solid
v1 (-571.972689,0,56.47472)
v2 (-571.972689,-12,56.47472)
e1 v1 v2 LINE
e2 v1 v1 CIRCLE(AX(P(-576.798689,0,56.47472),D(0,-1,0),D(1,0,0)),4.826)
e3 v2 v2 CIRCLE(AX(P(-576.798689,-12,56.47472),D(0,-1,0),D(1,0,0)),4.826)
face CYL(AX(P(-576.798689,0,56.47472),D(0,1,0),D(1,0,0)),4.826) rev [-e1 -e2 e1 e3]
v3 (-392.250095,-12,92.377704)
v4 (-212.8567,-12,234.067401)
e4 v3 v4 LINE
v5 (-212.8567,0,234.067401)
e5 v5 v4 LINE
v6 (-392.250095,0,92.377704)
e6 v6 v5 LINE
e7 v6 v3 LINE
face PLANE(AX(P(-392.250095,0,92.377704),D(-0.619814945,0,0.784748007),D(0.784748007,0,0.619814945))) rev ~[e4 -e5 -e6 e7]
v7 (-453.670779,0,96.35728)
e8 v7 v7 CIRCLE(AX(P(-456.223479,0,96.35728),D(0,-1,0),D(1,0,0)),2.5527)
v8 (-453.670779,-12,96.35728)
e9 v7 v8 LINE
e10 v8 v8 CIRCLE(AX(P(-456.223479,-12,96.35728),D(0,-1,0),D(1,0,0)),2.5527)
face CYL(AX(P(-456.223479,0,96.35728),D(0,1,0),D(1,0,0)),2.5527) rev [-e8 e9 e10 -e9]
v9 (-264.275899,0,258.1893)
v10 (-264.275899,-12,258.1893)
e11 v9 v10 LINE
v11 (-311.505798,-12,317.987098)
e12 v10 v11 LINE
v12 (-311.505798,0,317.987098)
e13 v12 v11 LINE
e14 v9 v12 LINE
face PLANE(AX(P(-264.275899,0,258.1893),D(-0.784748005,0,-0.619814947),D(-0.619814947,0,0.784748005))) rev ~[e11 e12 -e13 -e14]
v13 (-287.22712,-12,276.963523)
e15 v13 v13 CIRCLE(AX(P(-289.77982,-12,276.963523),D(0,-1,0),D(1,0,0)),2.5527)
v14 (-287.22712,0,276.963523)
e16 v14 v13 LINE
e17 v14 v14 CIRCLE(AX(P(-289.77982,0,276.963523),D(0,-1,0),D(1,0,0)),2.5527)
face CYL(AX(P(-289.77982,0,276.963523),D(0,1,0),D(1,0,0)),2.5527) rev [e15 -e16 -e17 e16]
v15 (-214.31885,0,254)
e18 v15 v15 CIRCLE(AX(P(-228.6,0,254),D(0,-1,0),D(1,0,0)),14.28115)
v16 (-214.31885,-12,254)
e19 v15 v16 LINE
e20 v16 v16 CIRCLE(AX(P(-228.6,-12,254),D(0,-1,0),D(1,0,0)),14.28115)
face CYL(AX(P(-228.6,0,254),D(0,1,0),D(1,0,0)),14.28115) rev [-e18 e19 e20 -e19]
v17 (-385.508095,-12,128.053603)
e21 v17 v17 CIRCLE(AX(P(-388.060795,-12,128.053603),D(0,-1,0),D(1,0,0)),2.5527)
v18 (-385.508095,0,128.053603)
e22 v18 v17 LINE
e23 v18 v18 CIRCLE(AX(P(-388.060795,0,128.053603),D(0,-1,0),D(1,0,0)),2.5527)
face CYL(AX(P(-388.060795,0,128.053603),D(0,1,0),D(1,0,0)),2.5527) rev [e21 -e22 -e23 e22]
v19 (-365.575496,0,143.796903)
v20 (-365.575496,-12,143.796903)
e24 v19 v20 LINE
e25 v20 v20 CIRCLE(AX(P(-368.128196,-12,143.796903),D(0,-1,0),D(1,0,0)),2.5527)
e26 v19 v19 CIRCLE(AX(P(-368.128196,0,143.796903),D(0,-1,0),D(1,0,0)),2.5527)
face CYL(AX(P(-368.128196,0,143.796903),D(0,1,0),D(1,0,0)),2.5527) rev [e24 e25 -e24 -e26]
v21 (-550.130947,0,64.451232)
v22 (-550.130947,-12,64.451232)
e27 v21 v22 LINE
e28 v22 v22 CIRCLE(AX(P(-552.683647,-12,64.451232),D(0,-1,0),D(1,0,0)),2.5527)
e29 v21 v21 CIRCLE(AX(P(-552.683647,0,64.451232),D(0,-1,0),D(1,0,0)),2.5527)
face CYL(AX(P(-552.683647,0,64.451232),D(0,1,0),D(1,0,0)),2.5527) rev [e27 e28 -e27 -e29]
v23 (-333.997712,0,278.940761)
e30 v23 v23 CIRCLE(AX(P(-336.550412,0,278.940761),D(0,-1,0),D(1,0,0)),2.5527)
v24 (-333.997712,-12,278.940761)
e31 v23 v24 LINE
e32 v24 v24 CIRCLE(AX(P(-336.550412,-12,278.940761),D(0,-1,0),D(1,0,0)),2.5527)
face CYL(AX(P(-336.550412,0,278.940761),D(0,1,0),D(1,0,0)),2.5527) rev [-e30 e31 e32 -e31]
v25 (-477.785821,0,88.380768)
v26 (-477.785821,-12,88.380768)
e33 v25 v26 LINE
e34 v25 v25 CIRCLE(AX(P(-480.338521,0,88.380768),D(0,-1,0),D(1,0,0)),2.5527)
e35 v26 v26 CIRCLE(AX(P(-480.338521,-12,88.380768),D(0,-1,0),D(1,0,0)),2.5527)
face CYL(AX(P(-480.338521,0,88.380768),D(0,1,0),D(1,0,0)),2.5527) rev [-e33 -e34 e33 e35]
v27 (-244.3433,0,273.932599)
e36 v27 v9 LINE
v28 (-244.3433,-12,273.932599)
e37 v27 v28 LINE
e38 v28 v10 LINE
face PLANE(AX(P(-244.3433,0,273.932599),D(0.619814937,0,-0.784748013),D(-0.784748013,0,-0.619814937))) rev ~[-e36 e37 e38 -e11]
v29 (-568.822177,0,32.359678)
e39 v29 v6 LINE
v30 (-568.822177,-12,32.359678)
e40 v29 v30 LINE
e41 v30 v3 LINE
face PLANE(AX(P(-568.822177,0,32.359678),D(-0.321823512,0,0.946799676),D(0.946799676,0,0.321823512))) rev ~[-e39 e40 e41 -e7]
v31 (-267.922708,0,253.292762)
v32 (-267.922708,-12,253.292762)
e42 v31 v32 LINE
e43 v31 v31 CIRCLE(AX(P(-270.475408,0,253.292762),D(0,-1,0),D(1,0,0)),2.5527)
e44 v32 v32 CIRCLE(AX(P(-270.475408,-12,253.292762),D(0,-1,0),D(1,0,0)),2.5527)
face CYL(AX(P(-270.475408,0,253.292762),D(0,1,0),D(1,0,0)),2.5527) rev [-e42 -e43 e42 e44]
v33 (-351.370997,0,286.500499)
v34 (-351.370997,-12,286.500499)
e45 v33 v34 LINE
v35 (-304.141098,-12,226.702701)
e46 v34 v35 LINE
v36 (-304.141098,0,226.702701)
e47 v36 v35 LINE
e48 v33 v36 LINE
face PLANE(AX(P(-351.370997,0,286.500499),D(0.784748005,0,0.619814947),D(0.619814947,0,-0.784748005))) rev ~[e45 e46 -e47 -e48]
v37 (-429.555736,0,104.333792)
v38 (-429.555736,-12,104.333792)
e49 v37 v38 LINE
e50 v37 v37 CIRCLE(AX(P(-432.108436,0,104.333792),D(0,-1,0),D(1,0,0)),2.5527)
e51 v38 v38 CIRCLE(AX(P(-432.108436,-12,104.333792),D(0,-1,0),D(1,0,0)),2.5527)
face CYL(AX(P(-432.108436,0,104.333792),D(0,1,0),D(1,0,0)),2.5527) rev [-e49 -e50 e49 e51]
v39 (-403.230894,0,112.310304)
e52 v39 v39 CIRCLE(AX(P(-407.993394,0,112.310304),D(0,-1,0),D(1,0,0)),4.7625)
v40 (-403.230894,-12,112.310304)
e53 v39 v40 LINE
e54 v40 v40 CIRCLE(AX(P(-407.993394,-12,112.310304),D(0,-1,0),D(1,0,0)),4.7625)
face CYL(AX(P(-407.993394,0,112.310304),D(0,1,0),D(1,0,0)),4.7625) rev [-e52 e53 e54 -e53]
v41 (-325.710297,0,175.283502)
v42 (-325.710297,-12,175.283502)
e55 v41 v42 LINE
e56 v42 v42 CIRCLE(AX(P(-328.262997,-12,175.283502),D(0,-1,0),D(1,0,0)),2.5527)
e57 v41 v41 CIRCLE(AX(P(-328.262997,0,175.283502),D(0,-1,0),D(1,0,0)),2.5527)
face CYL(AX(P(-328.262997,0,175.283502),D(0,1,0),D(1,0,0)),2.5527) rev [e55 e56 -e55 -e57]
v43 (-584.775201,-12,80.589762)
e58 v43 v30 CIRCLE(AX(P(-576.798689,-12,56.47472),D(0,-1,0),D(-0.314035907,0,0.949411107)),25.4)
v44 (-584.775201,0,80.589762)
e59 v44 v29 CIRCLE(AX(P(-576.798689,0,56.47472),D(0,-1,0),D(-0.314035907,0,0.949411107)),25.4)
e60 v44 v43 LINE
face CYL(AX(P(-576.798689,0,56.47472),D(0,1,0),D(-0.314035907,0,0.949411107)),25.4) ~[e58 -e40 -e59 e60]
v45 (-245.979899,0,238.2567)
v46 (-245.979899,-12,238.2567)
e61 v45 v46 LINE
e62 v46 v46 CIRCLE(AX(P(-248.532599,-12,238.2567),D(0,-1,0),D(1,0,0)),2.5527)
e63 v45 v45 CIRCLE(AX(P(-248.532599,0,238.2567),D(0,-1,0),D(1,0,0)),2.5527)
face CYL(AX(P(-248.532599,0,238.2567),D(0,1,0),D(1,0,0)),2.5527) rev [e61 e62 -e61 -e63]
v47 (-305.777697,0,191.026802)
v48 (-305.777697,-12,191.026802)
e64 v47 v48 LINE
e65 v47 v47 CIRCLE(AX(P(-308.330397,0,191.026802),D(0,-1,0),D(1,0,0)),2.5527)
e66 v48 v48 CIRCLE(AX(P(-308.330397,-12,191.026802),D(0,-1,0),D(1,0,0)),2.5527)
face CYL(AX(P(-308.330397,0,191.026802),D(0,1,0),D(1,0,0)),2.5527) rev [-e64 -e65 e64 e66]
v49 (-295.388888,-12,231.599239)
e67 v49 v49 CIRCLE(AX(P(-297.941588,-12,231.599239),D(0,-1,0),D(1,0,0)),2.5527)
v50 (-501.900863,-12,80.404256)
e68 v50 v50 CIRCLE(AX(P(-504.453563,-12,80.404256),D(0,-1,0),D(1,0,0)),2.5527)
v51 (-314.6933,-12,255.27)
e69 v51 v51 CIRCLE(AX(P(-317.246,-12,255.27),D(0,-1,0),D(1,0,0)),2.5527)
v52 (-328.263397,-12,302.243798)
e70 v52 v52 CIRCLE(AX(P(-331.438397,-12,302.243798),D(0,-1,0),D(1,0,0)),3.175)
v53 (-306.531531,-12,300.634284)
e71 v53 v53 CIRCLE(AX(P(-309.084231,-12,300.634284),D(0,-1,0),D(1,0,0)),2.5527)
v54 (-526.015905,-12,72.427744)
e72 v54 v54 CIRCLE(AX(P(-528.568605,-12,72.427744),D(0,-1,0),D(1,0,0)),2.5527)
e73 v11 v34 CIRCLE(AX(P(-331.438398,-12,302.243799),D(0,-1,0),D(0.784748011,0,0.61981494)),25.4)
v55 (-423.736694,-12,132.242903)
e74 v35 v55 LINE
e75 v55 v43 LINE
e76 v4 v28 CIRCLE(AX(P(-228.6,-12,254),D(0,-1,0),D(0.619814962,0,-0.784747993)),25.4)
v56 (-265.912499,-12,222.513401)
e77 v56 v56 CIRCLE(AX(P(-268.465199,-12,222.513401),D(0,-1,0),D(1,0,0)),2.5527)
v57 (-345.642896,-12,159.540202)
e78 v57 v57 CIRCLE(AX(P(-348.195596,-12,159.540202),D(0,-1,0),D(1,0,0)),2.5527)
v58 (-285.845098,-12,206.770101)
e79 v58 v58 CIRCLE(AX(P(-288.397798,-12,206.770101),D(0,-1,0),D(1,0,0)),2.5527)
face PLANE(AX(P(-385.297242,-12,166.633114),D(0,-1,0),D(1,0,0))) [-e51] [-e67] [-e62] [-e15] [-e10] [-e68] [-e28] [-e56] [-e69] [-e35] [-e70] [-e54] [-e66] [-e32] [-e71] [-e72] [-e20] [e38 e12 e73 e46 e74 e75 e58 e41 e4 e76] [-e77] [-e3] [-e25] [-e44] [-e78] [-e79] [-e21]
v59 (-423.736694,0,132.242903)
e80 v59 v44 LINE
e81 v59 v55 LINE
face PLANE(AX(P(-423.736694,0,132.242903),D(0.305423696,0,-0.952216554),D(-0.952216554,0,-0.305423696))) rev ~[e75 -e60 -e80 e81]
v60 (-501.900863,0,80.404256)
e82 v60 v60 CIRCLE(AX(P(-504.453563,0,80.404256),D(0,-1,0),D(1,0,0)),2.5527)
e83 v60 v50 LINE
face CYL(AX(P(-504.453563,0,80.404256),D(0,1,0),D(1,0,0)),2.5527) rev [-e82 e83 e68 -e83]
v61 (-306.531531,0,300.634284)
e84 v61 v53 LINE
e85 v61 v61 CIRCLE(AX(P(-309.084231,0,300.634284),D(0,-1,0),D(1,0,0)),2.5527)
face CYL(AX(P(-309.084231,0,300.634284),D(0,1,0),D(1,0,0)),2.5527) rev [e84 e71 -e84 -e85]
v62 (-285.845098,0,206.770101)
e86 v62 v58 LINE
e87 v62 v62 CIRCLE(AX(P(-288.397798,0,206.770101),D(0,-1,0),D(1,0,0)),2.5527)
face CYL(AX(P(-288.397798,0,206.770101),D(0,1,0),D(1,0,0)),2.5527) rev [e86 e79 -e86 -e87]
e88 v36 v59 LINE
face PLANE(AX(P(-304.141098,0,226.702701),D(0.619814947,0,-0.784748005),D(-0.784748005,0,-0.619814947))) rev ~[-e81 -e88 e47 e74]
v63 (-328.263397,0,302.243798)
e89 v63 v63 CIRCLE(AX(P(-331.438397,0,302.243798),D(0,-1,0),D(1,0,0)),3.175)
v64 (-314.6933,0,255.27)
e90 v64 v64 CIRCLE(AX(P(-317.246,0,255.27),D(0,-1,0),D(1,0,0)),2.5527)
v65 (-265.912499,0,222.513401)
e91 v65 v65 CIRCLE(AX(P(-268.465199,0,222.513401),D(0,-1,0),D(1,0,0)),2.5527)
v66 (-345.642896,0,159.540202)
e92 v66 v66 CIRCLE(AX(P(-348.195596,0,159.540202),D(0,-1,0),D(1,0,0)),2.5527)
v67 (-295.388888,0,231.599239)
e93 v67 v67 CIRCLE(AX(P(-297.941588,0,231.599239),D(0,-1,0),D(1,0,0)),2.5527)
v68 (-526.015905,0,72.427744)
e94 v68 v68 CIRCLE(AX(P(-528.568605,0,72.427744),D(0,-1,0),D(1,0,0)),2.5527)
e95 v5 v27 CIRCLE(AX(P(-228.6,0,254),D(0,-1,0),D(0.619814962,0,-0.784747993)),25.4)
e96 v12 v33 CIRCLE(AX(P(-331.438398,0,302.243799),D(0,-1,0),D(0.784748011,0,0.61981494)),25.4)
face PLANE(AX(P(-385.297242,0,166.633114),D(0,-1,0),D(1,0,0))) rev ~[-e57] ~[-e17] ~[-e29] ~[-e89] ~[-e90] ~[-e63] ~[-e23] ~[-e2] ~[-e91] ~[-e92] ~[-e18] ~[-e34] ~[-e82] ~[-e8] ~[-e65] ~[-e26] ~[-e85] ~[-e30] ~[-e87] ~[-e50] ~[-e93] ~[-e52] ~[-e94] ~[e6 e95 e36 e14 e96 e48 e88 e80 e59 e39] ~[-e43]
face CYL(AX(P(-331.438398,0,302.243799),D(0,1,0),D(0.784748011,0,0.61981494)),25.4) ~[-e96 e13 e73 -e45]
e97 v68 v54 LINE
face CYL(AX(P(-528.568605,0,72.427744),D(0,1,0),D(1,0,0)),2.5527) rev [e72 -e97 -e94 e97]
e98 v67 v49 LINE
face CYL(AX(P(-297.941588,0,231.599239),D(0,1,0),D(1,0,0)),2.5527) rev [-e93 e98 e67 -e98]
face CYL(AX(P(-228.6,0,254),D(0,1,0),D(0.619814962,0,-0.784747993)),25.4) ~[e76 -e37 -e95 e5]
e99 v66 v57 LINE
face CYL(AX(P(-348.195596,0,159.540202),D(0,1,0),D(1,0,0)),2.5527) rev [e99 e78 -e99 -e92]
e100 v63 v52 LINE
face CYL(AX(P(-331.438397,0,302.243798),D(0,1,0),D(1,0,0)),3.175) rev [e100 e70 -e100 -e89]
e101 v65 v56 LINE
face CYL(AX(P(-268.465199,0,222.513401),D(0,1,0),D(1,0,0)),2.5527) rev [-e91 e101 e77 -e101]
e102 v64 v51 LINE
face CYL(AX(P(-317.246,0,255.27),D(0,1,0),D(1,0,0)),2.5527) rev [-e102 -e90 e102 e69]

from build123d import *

# Parameters (mm, degrees)
F0_R     = 4.826
F0_R_2   = 2.5527
F0_R_3   = 4.7625
F0_R_4   = 3.175
F0_R_5   = 14.28115
F1_DEPTH = 12


with BuildPart() as f1:
    # F0 (on Front) → F1 (new body)
    with BuildSketch(Plane.XZ):
        with BuildLine():
            Line((-423.736694, 132.242903), (-584.775201, 80.589762))
            ThreePointArc((-584.775201, 80.589762), (-600.913731, 48.498208), (-568.822177, 32.359678))
            Line((-568.822177, 32.359678), (-392.250095, 92.377704))
            Line((-392.250095, 92.377704), (-212.8567, 234.067401))
            ThreePointArc((-212.8567, 234.067401), (-208.667401, 269.7433), (-244.3433, 273.932599))
            Line((-244.3433, 273.932599), (-264.275899, 258.1893))
            Line((-264.275899, 258.1893), (-311.505798, 317.987098))
            ThreePointArc((-311.505798, 317.987098), (-347.181697, 322.176398), (-351.370997, 286.500499))
            Line((-351.370997, 286.500499), (-304.141098, 226.702701))
            Line((-304.141098, 226.702701), (-423.736694, 132.242903))
        make_face()
        with Locations((-576.798689, 56.47472)):
            Circle(F0_R, mode=Mode.SUBTRACT)
        with Locations((-552.683647, 64.451232)):
            Circle(F0_R_2, mode=Mode.SUBTRACT)
        with Locations((-528.568605, 72.427744)):
            Circle(F0_R_2, mode=Mode.SUBTRACT)
        with Locations((-504.453563, 80.404256)):
            Circle(F0_R_2, mode=Mode.SUBTRACT)
        with Locations((-480.338521, 88.380768)):
            Circle(F0_R_2, mode=Mode.SUBTRACT)
        with Locations((-456.223479, 96.35728)):
            Circle(F0_R_2, mode=Mode.SUBTRACT)
        with Locations((-432.108436, 104.333792)):
            Circle(F0_R_2, mode=Mode.SUBTRACT)
        with Locations((-407.993394, 112.310304)):
            Circle(F0_R_3, mode=Mode.SUBTRACT)
        with Locations((-388.060795, 128.053603)):
            Circle(F0_R_2, mode=Mode.SUBTRACT)
        with Locations((-368.128196, 143.796903)):
            Circle(F0_R_2, mode=Mode.SUBTRACT)
        with Locations((-348.195596, 159.540202)):
            Circle(F0_R_2, mode=Mode.SUBTRACT)
        with Locations((-328.262997, 175.283502)):
            Circle(F0_R_2, mode=Mode.SUBTRACT)
        with Locations((-308.330397, 191.026802)):
            Circle(F0_R_2, mode=Mode.SUBTRACT)
        with Locations((-288.397798, 206.770101)):
            Circle(F0_R_2, mode=Mode.SUBTRACT)
        with Locations((-297.941588, 231.599239)):
            Circle(F0_R_2, mode=Mode.SUBTRACT)
        with Locations((-268.465199, 222.513401)):
            Circle(F0_R_2, mode=Mode.SUBTRACT)
        with Locations((-270.475408, 253.292762)):
            Circle(F0_R_2, mode=Mode.SUBTRACT)
        with Locations((-248.532599, 238.2567)):
            Circle(F0_R_2, mode=Mode.SUBTRACT)
        with Locations((-317.246, 255.27)):
            Circle(F0_R_2, mode=Mode.SUBTRACT)
        with Locations((-336.550412, 278.940761)):
            Circle(F0_R_2, mode=Mode.SUBTRACT)
        with Locations((-331.438397, 302.243798)):
            Circle(F0_R_4, mode=Mode.SUBTRACT)
        with Locations((-309.084231, 300.634284)):
            Circle(F0_R_2, mode=Mode.SUBTRACT)
        with Locations((-289.77982, 276.963523)):
            Circle(F0_R_2, mode=Mode.SUBTRACT)
        with Locations((-228.6, 254)):
            Circle(F0_R_5, mode=Mode.SUBTRACT)
    extrude(amount=F1_DEPTH)


solid = f1.part
